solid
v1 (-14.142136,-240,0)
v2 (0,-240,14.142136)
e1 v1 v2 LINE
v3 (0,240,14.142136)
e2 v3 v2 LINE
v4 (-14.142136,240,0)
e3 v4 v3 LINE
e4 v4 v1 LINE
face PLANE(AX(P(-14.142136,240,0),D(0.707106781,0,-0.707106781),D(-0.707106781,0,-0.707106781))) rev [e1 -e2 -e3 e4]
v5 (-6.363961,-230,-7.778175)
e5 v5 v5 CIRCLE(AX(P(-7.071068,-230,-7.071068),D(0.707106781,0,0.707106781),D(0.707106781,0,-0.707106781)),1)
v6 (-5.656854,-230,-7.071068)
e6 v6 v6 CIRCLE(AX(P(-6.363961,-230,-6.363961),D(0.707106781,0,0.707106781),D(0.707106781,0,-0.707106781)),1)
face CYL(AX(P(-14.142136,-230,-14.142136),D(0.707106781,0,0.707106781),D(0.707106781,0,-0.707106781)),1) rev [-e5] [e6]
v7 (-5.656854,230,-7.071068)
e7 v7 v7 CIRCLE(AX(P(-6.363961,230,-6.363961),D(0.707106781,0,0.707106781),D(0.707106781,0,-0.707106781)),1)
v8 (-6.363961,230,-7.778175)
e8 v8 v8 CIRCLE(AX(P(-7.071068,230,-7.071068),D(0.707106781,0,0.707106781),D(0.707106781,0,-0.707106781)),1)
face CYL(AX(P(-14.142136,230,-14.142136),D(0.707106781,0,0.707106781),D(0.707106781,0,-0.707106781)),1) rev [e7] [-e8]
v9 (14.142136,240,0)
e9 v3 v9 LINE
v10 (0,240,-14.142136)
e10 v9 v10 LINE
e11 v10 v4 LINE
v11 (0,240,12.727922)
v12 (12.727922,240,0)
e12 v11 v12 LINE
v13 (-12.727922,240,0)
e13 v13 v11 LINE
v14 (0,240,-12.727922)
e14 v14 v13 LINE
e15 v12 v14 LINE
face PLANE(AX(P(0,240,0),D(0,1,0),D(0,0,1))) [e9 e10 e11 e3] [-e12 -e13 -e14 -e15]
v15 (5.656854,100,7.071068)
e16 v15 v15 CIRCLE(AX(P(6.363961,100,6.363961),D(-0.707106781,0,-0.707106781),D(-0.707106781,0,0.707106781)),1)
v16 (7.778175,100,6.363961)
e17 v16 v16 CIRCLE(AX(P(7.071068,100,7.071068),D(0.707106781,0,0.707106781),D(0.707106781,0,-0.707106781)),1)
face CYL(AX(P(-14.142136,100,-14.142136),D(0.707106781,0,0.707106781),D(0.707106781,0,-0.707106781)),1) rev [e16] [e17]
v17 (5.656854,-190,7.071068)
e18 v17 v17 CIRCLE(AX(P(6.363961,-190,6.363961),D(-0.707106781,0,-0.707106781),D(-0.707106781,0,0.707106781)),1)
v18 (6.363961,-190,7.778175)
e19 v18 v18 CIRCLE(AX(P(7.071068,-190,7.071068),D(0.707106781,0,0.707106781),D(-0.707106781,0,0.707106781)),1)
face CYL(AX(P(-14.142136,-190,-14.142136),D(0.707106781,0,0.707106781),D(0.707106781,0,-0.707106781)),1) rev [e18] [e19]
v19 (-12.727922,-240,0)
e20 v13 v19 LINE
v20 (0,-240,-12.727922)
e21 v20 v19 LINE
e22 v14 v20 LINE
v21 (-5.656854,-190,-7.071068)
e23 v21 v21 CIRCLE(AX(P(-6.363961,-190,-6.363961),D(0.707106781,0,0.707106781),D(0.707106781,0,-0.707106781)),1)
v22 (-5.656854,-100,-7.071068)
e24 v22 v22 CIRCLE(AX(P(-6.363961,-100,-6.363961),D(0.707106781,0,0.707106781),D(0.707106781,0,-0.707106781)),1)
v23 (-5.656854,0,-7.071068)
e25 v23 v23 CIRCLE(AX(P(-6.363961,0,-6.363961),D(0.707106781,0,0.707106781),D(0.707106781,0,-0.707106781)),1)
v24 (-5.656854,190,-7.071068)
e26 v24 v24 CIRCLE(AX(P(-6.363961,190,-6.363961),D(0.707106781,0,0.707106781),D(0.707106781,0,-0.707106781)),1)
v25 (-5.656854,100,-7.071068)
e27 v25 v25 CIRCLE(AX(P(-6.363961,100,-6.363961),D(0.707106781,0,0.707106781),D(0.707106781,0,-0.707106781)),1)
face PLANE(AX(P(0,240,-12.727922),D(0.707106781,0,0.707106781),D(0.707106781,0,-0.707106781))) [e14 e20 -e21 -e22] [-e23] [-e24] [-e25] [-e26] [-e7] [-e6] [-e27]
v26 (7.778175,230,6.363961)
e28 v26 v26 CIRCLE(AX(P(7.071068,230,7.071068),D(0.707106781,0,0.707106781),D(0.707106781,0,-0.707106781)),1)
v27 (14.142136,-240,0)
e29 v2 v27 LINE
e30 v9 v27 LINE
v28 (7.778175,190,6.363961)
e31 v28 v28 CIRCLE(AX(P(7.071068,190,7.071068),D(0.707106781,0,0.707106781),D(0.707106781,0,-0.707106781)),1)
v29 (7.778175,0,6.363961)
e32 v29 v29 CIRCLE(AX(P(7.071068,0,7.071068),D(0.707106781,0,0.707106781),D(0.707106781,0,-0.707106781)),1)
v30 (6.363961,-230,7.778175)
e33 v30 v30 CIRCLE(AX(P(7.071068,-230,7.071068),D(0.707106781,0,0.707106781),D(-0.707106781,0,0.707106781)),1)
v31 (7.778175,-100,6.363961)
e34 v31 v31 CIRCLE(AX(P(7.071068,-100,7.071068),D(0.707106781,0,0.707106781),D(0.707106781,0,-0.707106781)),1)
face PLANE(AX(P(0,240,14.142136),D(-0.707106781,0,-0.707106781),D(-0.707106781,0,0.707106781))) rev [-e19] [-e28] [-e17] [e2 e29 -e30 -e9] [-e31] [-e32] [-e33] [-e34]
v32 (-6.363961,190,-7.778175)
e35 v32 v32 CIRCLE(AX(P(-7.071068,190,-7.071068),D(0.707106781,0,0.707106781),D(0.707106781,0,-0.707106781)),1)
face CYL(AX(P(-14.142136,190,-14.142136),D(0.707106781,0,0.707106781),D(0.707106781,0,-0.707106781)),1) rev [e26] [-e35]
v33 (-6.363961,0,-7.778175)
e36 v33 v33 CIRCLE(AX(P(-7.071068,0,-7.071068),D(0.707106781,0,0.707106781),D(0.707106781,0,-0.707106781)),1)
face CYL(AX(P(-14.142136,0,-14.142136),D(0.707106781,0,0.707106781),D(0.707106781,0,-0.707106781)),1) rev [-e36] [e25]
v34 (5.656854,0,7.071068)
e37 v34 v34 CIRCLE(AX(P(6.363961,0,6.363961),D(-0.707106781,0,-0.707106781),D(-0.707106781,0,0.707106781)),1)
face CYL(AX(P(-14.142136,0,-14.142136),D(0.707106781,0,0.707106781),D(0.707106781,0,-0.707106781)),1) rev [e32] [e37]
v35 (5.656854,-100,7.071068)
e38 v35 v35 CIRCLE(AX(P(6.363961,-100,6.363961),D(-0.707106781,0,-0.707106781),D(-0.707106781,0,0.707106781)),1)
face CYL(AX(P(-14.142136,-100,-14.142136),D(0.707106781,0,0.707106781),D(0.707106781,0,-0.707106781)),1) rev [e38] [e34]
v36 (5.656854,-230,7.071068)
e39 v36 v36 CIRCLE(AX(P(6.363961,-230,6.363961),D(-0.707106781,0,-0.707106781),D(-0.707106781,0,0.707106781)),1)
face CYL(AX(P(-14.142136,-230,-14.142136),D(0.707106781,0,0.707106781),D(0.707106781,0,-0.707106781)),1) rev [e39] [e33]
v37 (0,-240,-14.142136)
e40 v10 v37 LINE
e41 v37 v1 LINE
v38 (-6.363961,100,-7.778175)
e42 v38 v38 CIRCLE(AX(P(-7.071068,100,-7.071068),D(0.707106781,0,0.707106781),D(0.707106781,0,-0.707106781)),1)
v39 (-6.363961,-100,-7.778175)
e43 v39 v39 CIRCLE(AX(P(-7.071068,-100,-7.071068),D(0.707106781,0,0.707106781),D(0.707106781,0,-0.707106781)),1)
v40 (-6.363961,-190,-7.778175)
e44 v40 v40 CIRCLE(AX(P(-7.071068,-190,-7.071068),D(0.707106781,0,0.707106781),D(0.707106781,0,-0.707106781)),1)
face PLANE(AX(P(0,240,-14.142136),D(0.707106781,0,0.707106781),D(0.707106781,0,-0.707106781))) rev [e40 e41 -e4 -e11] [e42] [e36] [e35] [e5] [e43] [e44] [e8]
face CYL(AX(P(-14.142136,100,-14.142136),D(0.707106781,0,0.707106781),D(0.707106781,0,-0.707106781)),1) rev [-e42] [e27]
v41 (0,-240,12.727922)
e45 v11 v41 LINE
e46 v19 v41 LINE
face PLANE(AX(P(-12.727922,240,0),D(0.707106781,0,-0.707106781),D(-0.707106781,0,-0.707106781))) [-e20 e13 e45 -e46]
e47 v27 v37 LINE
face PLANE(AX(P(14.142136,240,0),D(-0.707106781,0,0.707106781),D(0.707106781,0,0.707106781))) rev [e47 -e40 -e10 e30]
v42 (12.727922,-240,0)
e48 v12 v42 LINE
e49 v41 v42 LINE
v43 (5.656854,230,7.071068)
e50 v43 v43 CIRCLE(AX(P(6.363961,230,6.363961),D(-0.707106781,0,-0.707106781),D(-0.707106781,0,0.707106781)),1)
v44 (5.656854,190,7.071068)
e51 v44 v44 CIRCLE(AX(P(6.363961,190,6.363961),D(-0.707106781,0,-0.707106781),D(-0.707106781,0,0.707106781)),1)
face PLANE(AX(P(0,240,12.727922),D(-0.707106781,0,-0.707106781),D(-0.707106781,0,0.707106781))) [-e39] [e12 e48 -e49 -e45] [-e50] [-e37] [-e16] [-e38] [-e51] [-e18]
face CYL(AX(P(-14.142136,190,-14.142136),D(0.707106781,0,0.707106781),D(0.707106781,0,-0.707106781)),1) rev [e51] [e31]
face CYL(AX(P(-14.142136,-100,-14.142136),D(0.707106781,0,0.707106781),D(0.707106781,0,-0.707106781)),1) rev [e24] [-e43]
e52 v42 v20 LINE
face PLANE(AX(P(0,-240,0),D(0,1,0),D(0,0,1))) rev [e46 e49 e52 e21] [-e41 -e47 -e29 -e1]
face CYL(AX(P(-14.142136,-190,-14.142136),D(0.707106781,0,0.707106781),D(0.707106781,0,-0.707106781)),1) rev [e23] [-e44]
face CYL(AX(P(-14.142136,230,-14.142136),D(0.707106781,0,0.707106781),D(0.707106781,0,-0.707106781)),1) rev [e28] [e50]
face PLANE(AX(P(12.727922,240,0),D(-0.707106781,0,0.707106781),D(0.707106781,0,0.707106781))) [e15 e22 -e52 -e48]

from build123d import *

# Parameters (mm, degrees)
EXTRUDE_1_DEPTH     = 240
SKETCH_3_R          = 1
CUT_EXTRUDE_1_DEPTH = 31
SKETCH_4_R          = 1
CUT_EXTRUDE_2_DEPTH = 31


with BuildPart() as part:
    # 草图1 → 凸台-拉伸1 (new body, symmetric)
    with BuildSketch(Plane(origin=(0, 0, 0), x_dir=(1, 0, 0), z_dir=(0, 1, 0))):
        Polygon((14.142135624, 0), (0, 14.142135624), (-14.142135624, 0), (0, -14.142135624), align=None)
        Polygon((12.727922061, 0), (0, 12.727922061), (-12.727922061, 0), (0, -12.727922061), align=None, mode=Mode.SUBTRACT)
    extrude(amount=EXTRUDE_1_DEPTH, both=True)

    # 草图3 → 切除-拉伸1 (cut, through all)
    with BuildSketch(Plane(origin=(7.071067812, 0, 7.071067812), x_dir=(0.707106781, 0, -0.707106781), z_dir=(0.707106781, 0, 0.707106781))):
        with Locations((0, 230)):
            Circle(SKETCH_3_R)
        with Locations((0, 190)):
            Circle(SKETCH_3_R)
        with Locations((0, -190)):
            Circle(SKETCH_3_R)
        with Locations((0, -230)):
            Circle(SKETCH_3_R)
    extrude(amount=-CUT_EXTRUDE_1_DEPTH, mode=Mode.SUBTRACT)

    # 草图4 → 切除-拉伸2 (cut, through all)
    with BuildSketch(Plane(origin=(7.071067812, 0, 7.071067812), x_dir=(0.707106781, 0, -0.707106781), z_dir=(0.707106781, 0, 0.707106781))):
        with Locations((0, 100)):
            Circle(SKETCH_4_R)
        Circle(SKETCH_4_R)
        with Locations((0, -100)):
            Circle(SKETCH_4_R)
    extrude(amount=-CUT_EXTRUDE_2_DEPTH, mode=Mode.SUBTRACT)


solid = part.part
